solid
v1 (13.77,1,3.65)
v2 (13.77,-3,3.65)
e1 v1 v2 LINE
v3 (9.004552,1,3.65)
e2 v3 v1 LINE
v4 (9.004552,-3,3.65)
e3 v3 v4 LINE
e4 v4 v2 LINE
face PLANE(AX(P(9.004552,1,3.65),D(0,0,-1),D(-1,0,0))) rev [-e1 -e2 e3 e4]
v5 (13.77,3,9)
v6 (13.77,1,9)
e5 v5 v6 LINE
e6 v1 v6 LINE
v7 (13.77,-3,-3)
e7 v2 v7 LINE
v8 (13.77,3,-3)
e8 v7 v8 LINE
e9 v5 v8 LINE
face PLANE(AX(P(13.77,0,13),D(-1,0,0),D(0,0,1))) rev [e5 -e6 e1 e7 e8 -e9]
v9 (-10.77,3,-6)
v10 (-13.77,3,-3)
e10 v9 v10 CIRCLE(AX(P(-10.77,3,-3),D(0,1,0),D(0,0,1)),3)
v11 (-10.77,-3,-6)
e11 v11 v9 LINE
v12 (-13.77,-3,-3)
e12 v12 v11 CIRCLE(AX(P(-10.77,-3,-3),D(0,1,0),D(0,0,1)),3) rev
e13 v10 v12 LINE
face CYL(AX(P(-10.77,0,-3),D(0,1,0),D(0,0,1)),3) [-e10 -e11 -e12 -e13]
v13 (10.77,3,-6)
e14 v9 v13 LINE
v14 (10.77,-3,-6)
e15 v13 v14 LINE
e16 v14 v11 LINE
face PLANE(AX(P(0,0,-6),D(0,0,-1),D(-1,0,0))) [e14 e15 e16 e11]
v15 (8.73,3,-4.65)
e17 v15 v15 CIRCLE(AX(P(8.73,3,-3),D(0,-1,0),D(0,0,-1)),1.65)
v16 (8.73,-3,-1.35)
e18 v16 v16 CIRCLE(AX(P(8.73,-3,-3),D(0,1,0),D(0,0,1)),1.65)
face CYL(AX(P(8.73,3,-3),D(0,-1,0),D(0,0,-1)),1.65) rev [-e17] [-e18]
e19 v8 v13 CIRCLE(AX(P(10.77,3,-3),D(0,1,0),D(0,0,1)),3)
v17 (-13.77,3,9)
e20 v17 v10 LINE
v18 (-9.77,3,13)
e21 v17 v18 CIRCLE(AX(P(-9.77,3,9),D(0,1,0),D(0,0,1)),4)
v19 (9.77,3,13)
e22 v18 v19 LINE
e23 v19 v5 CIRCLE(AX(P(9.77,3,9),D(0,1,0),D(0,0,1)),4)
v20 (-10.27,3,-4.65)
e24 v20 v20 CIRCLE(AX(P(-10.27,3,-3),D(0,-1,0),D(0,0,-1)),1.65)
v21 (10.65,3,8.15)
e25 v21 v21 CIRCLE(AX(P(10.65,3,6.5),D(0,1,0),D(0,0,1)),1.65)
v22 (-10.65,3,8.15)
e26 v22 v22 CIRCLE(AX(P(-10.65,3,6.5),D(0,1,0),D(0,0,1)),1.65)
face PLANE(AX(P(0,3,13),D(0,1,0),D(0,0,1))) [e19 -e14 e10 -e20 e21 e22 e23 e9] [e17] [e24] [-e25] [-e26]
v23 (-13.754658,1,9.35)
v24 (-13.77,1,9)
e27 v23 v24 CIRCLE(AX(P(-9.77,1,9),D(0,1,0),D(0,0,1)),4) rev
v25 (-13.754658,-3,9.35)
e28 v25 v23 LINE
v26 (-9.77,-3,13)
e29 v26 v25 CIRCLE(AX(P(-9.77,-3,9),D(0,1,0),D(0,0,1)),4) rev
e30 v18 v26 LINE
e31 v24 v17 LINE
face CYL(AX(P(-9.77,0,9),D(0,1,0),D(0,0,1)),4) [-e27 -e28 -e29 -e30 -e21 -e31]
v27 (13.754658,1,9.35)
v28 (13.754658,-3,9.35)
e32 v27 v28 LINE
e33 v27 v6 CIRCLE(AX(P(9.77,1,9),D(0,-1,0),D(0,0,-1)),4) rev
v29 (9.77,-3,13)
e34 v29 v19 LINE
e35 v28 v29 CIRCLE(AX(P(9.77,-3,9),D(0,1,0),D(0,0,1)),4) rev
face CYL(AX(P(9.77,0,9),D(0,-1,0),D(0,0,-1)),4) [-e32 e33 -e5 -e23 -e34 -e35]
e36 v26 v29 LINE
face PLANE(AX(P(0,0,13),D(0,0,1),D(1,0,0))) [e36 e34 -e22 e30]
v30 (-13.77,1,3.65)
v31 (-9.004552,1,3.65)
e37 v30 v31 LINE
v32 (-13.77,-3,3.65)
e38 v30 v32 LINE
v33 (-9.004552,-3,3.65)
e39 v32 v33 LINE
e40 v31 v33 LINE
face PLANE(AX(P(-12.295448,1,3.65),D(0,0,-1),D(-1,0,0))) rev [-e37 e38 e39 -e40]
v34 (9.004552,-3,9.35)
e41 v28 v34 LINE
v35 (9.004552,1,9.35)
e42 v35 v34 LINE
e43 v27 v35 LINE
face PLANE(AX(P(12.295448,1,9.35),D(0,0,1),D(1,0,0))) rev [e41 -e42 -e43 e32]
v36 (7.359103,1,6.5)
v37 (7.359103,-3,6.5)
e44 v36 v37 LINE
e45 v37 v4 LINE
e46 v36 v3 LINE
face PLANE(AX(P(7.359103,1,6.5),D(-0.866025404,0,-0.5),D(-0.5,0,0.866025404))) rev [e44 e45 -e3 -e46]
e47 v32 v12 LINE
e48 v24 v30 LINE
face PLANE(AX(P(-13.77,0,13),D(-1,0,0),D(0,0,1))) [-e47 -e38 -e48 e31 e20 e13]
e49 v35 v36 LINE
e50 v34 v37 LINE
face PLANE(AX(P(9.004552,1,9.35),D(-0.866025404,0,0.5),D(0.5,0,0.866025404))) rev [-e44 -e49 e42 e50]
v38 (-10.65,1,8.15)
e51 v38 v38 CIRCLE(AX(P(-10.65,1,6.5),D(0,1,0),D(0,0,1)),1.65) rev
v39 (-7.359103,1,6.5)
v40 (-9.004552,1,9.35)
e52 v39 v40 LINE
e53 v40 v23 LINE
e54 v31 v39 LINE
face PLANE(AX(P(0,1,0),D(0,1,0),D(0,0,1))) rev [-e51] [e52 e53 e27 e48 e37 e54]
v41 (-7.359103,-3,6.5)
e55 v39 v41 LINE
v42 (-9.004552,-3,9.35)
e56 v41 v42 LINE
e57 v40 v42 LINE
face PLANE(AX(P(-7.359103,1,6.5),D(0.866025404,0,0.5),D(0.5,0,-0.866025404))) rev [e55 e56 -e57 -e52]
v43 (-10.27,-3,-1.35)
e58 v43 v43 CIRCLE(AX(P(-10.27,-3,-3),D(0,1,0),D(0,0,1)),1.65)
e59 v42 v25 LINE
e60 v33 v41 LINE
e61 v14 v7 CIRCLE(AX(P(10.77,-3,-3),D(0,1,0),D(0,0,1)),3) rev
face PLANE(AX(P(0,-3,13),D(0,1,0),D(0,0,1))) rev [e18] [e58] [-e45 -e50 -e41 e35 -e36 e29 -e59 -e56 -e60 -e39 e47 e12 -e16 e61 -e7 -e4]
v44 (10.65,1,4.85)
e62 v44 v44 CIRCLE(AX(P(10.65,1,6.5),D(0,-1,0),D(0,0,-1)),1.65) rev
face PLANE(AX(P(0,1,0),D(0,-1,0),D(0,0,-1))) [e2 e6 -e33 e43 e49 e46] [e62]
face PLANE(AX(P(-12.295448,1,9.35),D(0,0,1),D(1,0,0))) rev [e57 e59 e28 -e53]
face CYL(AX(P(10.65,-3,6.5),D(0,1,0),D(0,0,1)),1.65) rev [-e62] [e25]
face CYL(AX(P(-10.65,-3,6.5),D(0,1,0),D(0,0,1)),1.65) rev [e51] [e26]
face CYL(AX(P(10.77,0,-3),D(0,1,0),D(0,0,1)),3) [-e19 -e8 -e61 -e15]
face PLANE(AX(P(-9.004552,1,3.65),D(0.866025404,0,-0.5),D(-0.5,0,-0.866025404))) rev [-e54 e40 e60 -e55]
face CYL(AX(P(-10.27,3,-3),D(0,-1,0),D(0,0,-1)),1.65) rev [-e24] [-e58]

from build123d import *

# Parameters (mm, degrees)
SKETCH1_W               = 27.54
SKETCH1_H               = 6
BOSS_EXTRUDE1_DEPTH     = 13
SKETCH2_R               = 1.65
CUT_EXTRUDE1_DEPTH      = 20.86486597
SKETCH4_W               = 27.54
SKETCH4_H               = 6
BOSS_EXTRUDE2_DEPTH     = 6
FILLET1_R               = 4
FILLET2_R               = 3
CUT_EXTRUDE2_DEPTH      = 20.86486597
CUT_EXTRUDE2_DEPTH_BACK = 20.86486597
SKETCH3_R               = 1.65
CUT_EXTRUDE3_DEPTH      = 4


with BuildPart() as part:
    # Sketch1 → Boss-Extrude1 (new body)
    with BuildSketch(Plane.XY):
        Rectangle(SKETCH1_W, SKETCH1_H)
    extrude(amount=BOSS_EXTRUDE1_DEPTH)

    # Sketch2 → Cut-Extrude1 (cut, through all)
    with BuildSketch(Plane(origin=(0, 3, 0), x_dir=(1, 0, 0), z_dir=(0, 1, 0))):
        with Locations(Location((-10.65, -6.5, 0), (0, 0, 270))):
            Circle(SKETCH2_R)
        with Locations(Location((10.65, -6.5, 0), (0, 0, 270))):
            Circle(SKETCH2_R)
    extrude(amount=-CUT_EXTRUDE1_DEPTH, mode=Mode.SUBTRACT)

    # Sketch4 → Boss-Extrude2 (add)
    with BuildSketch(Plane(origin=(0, 0, 0), x_dir=(-1, 0, 0), z_dir=(0, 0, -1))):
        Rectangle(SKETCH4_W, SKETCH4_H)
    extrude(amount=BOSS_EXTRUDE2_DEPTH)

    # Fillet1
    fillet1_edges = [part.edges().sort_by_distance(p)[0] for p in [
        (-13.77, 0, 13),
        (13.77, 0, 13),
    ]]
    fillet(fillet1_edges, radius=FILLET1_R)

    # Fillet2
    fillet2_edges = [part.edges().sort_by_distance(p)[0] for p in [
        (13.77, 0, -6),
        (-13.77, 0, -6),
    ]]
    fillet(fillet2_edges, radius=FILLET2_R)

    # Sketch3 → Cut-Extrude2 (cut, two sides: drawn at the far end of the back side and taken through both)
    with BuildSketch(Plane.XZ.offset(3).offset(-CUT_EXTRUDE2_DEPTH_BACK)):
        with Locations(Location((8.73, -3, 0), (0, 0, 270))):
            Circle(SKETCH3_R)
        with Locations(Location((-10.27, -3, 0), (0, 0, 270))):
            Circle(SKETCH3_R)
    extrude(amount=CUT_EXTRUDE2_DEPTH + CUT_EXTRUDE2_DEPTH_BACK, mode=Mode.SUBTRACT)

    # Sketch6 → Cut-Extrude3 (cut)
    with BuildSketch(Plane.XZ.offset(3)):
        Polygon((12.295448267, 9.35), (15.295448267, 9.35), (15.295448267, 3.65), (12.295448267, 3.65), (9.004551733, 3.65), (7.359103466, 6.5), (9.004551733, 9.35), align=None)
        Polygon((-12.295448267, 3.65), (-9.004551733, 3.65), (-7.359103466, 6.5), (-9.004551733, 9.35), (-12.295448267, 9.35), (-15.295448267, 9.35), (-15.295448267, 3.65), align=None)
    extrude(amount=-CUT_EXTRUDE3_DEPTH, mode=Mode.SUBTRACT)


solid = part.part
